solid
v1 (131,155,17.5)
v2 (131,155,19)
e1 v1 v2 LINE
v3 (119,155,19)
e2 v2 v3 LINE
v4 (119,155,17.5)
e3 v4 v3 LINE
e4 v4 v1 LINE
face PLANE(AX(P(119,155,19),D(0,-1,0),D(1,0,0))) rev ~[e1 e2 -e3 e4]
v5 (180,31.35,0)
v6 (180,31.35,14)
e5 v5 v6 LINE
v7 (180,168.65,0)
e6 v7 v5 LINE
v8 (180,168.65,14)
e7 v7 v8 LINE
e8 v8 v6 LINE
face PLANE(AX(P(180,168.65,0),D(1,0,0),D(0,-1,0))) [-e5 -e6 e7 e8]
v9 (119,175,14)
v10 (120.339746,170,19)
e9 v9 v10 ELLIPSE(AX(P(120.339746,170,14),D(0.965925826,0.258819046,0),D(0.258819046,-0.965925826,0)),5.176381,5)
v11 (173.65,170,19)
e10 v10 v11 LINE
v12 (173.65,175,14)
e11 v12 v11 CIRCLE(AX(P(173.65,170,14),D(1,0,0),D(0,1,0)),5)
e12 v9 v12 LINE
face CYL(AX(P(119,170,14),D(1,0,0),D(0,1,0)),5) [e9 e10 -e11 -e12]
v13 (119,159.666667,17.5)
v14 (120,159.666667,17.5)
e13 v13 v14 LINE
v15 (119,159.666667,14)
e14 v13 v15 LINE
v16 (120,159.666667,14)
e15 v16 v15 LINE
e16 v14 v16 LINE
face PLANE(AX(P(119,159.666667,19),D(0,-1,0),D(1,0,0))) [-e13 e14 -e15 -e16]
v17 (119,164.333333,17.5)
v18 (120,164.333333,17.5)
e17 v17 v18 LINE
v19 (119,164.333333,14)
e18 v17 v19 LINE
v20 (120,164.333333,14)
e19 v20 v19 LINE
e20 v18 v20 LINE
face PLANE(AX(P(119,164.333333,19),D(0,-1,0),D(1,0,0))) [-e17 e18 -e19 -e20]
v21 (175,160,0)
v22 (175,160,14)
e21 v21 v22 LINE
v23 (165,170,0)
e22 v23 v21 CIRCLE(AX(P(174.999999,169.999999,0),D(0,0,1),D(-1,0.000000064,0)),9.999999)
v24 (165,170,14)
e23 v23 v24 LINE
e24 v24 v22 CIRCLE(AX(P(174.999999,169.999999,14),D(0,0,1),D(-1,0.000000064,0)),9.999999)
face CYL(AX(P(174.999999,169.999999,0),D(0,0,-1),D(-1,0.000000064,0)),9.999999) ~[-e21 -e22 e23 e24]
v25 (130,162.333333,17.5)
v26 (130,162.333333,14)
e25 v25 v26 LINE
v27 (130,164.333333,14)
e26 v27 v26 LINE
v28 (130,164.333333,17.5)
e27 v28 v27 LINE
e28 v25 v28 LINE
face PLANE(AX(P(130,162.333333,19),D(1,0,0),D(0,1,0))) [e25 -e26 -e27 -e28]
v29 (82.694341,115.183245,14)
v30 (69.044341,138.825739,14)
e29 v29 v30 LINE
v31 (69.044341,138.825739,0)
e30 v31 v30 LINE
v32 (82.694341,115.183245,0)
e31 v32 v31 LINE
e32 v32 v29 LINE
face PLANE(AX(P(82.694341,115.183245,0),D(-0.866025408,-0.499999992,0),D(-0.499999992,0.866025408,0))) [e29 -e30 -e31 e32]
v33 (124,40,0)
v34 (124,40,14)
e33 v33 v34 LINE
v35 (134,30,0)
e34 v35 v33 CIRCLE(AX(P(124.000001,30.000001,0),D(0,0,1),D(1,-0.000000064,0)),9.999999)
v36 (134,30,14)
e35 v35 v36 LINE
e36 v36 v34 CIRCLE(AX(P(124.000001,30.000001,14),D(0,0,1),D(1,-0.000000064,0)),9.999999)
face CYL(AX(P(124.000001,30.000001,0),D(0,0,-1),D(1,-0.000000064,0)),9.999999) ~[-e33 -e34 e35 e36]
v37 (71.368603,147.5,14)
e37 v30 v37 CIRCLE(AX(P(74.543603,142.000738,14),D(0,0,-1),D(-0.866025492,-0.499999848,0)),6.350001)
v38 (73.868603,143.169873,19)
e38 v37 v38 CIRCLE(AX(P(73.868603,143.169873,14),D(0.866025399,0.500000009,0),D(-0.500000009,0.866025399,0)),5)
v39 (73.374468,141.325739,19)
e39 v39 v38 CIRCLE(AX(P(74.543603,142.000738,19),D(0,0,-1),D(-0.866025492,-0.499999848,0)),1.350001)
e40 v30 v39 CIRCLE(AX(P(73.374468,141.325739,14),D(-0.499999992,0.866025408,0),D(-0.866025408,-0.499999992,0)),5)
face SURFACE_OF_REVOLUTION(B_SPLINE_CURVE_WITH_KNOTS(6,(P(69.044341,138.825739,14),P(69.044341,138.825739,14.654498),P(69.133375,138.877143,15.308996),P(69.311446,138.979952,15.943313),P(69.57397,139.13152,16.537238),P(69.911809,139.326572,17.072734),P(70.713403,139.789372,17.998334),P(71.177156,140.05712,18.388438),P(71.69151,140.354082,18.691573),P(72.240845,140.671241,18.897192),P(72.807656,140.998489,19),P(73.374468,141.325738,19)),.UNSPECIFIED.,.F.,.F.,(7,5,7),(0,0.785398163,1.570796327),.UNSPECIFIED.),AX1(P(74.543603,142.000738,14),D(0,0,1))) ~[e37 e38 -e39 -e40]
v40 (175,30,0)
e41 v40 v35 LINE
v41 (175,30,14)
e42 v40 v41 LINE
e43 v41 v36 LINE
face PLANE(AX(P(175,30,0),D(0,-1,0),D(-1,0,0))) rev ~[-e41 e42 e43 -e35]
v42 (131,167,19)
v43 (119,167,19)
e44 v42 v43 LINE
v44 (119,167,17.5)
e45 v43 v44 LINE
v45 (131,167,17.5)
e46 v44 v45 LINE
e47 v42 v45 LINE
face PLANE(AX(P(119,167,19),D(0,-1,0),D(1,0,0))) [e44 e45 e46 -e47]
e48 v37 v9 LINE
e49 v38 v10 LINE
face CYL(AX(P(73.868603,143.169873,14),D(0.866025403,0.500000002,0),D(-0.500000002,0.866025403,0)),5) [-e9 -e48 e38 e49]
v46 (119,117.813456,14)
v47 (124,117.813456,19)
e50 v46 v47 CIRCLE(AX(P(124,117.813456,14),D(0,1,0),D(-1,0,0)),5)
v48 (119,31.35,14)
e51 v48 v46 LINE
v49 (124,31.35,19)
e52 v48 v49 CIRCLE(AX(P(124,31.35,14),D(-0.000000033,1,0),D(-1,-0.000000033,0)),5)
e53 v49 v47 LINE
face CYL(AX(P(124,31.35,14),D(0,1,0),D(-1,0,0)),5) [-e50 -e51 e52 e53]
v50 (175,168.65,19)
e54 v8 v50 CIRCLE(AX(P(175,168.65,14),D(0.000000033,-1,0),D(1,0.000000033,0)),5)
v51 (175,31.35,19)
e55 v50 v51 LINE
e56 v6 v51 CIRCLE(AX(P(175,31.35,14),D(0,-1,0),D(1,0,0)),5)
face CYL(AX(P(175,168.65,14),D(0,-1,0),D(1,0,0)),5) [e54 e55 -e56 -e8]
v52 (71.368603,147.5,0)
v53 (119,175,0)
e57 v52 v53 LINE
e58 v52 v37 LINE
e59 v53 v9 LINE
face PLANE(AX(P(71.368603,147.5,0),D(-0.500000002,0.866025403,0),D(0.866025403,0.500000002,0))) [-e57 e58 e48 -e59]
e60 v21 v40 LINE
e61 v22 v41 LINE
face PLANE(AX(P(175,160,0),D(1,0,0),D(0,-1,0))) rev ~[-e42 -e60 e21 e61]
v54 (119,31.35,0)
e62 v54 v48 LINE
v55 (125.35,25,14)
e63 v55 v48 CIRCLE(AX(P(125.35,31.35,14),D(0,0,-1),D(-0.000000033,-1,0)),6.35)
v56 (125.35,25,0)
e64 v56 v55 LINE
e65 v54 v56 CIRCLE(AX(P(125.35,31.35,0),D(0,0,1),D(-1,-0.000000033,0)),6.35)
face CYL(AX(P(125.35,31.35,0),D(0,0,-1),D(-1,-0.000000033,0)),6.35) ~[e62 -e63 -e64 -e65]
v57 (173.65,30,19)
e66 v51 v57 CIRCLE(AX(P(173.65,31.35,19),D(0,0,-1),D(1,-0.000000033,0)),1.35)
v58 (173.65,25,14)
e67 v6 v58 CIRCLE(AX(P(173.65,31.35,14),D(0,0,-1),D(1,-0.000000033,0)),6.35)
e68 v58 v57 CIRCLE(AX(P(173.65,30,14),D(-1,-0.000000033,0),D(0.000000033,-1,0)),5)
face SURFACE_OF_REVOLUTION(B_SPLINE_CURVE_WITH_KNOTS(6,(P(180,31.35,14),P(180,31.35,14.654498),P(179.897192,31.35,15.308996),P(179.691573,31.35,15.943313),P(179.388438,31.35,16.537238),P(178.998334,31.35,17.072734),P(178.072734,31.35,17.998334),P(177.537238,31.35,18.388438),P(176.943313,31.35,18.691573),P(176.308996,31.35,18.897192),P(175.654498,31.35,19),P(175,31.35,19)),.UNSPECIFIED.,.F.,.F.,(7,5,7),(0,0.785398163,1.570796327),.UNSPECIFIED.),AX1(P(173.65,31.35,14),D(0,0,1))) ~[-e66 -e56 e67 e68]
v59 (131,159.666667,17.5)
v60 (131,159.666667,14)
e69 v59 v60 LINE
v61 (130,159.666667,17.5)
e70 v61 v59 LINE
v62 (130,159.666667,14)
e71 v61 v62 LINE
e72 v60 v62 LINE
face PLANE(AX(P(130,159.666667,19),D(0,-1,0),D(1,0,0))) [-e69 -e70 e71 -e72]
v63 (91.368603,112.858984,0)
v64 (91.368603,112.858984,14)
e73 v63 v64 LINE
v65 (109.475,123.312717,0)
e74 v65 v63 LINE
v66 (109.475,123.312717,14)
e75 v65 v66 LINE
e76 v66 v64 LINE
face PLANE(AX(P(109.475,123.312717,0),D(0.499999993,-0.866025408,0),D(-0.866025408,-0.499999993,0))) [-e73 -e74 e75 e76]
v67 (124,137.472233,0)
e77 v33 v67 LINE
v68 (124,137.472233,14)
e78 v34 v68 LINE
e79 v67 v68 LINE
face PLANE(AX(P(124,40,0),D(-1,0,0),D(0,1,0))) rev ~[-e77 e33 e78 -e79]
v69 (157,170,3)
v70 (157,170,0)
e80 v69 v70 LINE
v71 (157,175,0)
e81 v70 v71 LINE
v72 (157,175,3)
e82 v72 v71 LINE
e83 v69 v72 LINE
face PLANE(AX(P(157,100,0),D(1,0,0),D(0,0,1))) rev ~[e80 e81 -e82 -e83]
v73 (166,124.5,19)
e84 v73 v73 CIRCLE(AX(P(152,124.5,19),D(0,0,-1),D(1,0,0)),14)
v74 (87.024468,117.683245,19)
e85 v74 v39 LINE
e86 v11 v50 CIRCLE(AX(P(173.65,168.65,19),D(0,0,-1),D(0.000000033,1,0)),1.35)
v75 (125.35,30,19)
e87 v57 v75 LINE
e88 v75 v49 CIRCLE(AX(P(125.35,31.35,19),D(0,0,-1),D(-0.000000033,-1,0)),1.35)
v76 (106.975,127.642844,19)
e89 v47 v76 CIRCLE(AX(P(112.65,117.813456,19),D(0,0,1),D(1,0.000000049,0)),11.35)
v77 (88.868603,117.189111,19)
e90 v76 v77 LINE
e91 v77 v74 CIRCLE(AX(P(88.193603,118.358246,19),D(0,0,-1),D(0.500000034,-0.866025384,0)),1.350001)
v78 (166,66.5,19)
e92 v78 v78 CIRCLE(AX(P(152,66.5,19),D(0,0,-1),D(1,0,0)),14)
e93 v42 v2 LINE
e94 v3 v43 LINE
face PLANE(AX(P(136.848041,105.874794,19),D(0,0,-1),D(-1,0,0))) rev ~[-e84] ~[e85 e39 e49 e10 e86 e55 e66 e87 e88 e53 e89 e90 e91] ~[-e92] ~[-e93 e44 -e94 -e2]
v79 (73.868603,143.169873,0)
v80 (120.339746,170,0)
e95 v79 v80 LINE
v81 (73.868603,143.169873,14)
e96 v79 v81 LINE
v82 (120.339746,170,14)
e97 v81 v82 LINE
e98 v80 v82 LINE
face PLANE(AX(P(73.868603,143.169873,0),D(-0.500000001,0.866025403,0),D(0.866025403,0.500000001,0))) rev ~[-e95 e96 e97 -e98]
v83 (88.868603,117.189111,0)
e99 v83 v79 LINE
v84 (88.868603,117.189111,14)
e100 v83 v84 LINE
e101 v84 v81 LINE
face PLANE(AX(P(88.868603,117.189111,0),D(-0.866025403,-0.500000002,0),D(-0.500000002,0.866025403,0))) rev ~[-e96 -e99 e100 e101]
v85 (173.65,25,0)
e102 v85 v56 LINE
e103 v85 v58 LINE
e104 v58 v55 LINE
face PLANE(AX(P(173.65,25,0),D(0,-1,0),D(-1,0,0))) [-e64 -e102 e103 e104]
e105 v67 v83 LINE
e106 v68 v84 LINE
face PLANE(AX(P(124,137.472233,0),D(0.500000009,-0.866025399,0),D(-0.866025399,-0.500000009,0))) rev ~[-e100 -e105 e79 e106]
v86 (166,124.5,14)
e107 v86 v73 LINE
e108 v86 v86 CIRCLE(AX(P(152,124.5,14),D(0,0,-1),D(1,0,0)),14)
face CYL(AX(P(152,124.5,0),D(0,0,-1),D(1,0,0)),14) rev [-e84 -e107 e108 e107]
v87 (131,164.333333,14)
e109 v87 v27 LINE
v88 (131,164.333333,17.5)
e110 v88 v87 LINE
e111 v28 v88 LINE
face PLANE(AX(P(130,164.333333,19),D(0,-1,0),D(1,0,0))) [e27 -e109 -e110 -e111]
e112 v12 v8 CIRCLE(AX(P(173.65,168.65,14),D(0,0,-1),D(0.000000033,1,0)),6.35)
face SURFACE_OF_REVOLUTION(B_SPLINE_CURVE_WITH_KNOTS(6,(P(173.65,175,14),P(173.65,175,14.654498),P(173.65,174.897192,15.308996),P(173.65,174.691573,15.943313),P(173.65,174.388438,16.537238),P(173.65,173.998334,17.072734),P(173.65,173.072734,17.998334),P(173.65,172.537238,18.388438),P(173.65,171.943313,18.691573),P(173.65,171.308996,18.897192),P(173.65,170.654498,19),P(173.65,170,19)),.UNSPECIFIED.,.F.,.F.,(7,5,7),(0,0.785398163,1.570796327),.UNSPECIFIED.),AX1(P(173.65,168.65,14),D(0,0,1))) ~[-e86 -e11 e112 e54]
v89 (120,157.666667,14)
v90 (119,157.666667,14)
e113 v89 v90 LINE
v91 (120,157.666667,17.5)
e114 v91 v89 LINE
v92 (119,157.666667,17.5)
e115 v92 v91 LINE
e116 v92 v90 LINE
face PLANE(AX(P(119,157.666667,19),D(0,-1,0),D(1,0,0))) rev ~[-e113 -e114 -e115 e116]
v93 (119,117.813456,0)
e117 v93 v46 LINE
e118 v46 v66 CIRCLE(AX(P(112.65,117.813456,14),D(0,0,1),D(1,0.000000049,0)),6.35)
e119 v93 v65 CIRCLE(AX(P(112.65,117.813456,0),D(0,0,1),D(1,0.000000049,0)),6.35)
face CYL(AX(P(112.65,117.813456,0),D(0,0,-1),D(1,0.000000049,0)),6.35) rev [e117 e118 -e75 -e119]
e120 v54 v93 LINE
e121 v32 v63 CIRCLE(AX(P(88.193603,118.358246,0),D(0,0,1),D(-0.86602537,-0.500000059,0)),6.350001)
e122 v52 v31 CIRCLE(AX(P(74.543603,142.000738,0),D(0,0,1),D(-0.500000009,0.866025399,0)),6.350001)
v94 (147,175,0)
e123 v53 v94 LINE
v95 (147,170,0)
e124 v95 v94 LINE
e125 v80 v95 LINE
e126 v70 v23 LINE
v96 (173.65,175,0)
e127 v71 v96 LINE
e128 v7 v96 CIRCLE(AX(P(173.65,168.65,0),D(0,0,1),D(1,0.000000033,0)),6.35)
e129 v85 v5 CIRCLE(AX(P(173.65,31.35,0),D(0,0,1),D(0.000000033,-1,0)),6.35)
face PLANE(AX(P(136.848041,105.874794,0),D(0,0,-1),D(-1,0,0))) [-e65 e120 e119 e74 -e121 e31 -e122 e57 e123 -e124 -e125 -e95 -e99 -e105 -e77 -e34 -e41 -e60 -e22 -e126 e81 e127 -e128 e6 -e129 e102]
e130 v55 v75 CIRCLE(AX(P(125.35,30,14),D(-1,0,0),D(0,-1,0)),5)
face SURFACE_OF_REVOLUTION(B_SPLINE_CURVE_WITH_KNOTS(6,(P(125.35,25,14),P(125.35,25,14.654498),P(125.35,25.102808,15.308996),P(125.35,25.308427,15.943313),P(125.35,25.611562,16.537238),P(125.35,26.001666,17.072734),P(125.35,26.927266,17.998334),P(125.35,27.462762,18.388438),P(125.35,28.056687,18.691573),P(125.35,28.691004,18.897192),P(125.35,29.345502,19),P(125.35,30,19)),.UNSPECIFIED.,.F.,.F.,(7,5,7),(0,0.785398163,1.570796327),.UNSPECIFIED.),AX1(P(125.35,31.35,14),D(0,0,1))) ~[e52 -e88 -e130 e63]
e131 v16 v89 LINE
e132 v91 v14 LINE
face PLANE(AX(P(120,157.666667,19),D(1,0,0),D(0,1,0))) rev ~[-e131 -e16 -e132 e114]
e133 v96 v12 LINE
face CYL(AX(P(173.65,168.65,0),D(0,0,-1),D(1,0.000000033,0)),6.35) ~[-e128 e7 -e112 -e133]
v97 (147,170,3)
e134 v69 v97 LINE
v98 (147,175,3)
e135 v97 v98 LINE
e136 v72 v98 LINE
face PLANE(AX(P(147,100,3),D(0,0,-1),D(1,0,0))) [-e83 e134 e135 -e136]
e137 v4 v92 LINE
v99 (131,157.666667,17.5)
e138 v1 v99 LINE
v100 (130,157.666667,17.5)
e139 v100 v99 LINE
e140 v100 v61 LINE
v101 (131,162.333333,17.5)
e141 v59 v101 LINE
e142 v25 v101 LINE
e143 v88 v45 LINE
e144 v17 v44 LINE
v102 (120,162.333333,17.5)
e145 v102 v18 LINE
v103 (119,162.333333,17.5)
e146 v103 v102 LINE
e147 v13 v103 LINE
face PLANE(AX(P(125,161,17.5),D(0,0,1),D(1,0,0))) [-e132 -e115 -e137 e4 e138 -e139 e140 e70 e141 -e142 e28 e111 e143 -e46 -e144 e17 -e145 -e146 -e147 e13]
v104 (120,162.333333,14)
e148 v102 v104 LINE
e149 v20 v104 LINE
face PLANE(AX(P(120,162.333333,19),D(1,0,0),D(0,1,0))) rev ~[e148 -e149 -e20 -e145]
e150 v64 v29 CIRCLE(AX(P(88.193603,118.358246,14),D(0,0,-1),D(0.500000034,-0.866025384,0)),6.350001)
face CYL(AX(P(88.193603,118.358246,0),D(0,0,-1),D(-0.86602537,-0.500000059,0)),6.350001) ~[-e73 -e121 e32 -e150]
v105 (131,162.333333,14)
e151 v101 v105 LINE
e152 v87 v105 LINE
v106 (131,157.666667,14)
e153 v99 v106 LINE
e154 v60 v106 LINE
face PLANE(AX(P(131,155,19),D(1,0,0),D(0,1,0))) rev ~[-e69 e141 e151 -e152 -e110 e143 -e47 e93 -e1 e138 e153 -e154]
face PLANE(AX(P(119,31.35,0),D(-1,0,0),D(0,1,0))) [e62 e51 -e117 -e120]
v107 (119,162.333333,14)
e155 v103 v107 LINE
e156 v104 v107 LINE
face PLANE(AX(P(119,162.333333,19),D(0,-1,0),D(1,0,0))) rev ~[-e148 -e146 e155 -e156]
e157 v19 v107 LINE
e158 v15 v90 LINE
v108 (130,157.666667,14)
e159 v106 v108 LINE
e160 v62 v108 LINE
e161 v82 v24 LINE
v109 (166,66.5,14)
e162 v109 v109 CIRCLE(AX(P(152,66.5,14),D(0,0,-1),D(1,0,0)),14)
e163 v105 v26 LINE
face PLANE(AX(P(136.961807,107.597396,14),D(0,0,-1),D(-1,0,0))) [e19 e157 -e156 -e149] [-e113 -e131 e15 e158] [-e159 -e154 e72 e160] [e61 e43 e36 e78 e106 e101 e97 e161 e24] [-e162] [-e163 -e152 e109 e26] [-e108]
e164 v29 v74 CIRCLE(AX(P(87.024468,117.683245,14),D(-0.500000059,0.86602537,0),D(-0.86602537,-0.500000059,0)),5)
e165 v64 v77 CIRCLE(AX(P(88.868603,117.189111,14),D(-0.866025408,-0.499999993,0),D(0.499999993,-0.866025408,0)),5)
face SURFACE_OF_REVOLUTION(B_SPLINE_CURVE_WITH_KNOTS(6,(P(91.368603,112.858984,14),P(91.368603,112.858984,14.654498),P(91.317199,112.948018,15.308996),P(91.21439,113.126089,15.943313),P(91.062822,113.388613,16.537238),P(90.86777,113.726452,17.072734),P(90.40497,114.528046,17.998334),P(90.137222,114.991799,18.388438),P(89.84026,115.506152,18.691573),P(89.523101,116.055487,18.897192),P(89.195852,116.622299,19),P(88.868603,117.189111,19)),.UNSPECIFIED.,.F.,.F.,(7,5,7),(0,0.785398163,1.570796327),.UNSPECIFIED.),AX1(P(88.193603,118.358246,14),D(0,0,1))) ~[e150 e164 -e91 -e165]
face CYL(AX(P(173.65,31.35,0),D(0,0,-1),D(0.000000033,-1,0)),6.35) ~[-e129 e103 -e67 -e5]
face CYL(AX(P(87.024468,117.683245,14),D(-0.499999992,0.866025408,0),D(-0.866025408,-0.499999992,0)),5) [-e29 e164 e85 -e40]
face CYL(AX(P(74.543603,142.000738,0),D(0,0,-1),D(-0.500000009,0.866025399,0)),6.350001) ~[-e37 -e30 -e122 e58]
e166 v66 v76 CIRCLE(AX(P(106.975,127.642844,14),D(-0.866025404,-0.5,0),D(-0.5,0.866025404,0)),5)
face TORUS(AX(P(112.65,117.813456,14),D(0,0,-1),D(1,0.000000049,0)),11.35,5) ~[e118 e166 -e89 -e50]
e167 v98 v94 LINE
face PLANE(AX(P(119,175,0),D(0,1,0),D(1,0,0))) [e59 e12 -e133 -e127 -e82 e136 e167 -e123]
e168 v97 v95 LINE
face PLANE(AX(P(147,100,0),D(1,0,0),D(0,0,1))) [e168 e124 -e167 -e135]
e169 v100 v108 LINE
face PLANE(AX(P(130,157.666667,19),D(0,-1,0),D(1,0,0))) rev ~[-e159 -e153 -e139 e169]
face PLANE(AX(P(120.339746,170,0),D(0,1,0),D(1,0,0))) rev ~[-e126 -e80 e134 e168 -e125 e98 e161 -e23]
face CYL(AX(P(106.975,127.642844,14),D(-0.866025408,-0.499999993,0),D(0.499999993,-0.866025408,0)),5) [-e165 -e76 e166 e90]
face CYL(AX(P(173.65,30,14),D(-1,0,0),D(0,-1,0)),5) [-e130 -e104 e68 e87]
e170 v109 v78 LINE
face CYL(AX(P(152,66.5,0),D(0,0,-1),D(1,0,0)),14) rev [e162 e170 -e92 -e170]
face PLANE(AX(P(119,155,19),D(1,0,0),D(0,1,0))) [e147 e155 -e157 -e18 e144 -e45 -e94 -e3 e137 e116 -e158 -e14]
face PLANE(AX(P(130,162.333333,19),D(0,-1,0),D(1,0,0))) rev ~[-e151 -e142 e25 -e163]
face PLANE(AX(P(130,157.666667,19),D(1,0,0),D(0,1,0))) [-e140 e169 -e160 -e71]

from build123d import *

# Parameters (mm, degrees)
PAD001_DEPTH         = 19
SKETCH004_R          = 14
POCKET_DEPTH         = 0.001
POCKET_DEPTH_BACK    = 19.001
POCKET001_DEPTH      = 14
FILLET_R             = 5
SKETCH012_W          = 12
SKETCH012_H          = 12
POCKET003_DEPTH      = 1.5
SKETCH013_W          = 1
SKETCH013_H          = 2
POCKET004_DEPTH      = 19.001
POCKET004_DEPTH_BACK = 0.001
SKETCH016_W          = 10
SKETCH016_H          = 3
POCKET007_DEPTH      = 75.001


with BuildPart() as part:
    # Sketch005 → Pad001 (new body)
    with BuildSketch(Plane.XY):
        with BuildLine():
            Line((119, 31.35), (119, 117.813456))
            ThreePointArc((119, 117.813456), (115.825, 123.312717), (109.475, 123.312717))
            Line((109.475, 123.312717), (91.368603, 112.858984))
            ThreePointArc((82.694341, 115.183245), (86.550102, 112.224616), (91.368603, 112.858984))
            Line((82.694341, 115.183245), (69.044341, 138.825739))
            ThreePointArc((71.368603, 147.5), (68.409974, 143.64424), (69.044341, 138.825739))
            Line((71.368603, 147.5), (119, 175))
            Line((119, 175), (173.65, 175))
            ThreePointArc((180, 168.65), (178.140128, 173.140128), (173.65, 175))
            Line((180, 168.65), (180, 31.35))
            ThreePointArc((173.65, 25), (178.140128, 26.859872), (180, 31.35))
            Line((173.65, 25), (125.35, 25))
            ThreePointArc((119, 31.35), (120.859872, 26.859872), (125.35, 25))
        make_face()
    extrude(amount=PAD001_DEPTH)

    # Sketch004 → Pocket (cut, two sides)
    with BuildSketch(Plane.XY) as pocket_sk:
        with Locations((152, 124.5)):
            Circle(SKETCH004_R)
        with Locations((152, 66.5)):
            Circle(SKETCH004_R)
    extrude(amount=-POCKET_DEPTH, mode=Mode.SUBTRACT)
    extrude(pocket_sk.sketch, amount=POCKET_DEPTH_BACK, mode=Mode.SUBTRACT)

    # Sketch006 → Pocket001 (cut)
    with BuildSketch(Plane.XY):
        with BuildLine():
            Line((73.868603, 143.169873), (120.339746, 170))
            Line((120.339746, 170), (165, 170))
            ThreePointArc((165, 170), (167.928932, 162.928932), (175, 160))
            Line((175, 160), (175, 30))
            Line((175, 30), (134, 30))
            ThreePointArc((134, 30), (131.071068, 37.071068), (124, 40))
            Line((124, 40), (124, 137.472233))
            Line((124, 137.472233), (88.868603, 117.189111))
            Line((88.868603, 117.189111), (73.868603, 143.169873))
        make_face()
    extrude(amount=POCKET001_DEPTH, mode=Mode.SUBTRACT)

    # Fillet
    fillet_edges = [part.edges().sort_by_distance(p)[0] for p in [
        (119, 74.581728, 19),
    ]]
    fillet(fillet_edges, radius=FILLET_R)

    # Sketch012 → Pocket003 (cut, symmetric)
    with BuildSketch(Plane.XY.offset(19)):
        with Locations((125, 161)):
            Rectangle(SKETCH012_W, SKETCH012_H)
    extrude(amount=POCKET003_DEPTH, both=True, mode=Mode.SUBTRACT)

    # Sketch013 → Pocket004 (cut, two sides)
    with BuildSketch(Plane.XY.offset(19)) as pocket004_sk:
        with Locations((119.5, 163.333333)):
            Rectangle(SKETCH013_W, SKETCH013_H)
        with Locations((130.5, 163.333333)):
            Rectangle(SKETCH013_W, SKETCH013_H)
        with Locations((119.5, 158.666667)):
            Rectangle(SKETCH013_W, SKETCH013_H)
        with Locations((130.5, 158.666667)):
            Rectangle(SKETCH013_W, SKETCH013_H)
    extrude(amount=-POCKET004_DEPTH, mode=Mode.SUBTRACT)
    extrude(pocket004_sk.sketch, amount=POCKET004_DEPTH_BACK, mode=Mode.SUBTRACT)

    # Sketch016 → Pocket007 (cut, through all)
    with BuildSketch(Plane.XZ.offset(-100)):
        with Locations((152, 1.5)):
            Rectangle(SKETCH016_W, SKETCH016_H)
    extrude(amount=-POCKET007_DEPTH, mode=Mode.SUBTRACT)


solid = part.part
